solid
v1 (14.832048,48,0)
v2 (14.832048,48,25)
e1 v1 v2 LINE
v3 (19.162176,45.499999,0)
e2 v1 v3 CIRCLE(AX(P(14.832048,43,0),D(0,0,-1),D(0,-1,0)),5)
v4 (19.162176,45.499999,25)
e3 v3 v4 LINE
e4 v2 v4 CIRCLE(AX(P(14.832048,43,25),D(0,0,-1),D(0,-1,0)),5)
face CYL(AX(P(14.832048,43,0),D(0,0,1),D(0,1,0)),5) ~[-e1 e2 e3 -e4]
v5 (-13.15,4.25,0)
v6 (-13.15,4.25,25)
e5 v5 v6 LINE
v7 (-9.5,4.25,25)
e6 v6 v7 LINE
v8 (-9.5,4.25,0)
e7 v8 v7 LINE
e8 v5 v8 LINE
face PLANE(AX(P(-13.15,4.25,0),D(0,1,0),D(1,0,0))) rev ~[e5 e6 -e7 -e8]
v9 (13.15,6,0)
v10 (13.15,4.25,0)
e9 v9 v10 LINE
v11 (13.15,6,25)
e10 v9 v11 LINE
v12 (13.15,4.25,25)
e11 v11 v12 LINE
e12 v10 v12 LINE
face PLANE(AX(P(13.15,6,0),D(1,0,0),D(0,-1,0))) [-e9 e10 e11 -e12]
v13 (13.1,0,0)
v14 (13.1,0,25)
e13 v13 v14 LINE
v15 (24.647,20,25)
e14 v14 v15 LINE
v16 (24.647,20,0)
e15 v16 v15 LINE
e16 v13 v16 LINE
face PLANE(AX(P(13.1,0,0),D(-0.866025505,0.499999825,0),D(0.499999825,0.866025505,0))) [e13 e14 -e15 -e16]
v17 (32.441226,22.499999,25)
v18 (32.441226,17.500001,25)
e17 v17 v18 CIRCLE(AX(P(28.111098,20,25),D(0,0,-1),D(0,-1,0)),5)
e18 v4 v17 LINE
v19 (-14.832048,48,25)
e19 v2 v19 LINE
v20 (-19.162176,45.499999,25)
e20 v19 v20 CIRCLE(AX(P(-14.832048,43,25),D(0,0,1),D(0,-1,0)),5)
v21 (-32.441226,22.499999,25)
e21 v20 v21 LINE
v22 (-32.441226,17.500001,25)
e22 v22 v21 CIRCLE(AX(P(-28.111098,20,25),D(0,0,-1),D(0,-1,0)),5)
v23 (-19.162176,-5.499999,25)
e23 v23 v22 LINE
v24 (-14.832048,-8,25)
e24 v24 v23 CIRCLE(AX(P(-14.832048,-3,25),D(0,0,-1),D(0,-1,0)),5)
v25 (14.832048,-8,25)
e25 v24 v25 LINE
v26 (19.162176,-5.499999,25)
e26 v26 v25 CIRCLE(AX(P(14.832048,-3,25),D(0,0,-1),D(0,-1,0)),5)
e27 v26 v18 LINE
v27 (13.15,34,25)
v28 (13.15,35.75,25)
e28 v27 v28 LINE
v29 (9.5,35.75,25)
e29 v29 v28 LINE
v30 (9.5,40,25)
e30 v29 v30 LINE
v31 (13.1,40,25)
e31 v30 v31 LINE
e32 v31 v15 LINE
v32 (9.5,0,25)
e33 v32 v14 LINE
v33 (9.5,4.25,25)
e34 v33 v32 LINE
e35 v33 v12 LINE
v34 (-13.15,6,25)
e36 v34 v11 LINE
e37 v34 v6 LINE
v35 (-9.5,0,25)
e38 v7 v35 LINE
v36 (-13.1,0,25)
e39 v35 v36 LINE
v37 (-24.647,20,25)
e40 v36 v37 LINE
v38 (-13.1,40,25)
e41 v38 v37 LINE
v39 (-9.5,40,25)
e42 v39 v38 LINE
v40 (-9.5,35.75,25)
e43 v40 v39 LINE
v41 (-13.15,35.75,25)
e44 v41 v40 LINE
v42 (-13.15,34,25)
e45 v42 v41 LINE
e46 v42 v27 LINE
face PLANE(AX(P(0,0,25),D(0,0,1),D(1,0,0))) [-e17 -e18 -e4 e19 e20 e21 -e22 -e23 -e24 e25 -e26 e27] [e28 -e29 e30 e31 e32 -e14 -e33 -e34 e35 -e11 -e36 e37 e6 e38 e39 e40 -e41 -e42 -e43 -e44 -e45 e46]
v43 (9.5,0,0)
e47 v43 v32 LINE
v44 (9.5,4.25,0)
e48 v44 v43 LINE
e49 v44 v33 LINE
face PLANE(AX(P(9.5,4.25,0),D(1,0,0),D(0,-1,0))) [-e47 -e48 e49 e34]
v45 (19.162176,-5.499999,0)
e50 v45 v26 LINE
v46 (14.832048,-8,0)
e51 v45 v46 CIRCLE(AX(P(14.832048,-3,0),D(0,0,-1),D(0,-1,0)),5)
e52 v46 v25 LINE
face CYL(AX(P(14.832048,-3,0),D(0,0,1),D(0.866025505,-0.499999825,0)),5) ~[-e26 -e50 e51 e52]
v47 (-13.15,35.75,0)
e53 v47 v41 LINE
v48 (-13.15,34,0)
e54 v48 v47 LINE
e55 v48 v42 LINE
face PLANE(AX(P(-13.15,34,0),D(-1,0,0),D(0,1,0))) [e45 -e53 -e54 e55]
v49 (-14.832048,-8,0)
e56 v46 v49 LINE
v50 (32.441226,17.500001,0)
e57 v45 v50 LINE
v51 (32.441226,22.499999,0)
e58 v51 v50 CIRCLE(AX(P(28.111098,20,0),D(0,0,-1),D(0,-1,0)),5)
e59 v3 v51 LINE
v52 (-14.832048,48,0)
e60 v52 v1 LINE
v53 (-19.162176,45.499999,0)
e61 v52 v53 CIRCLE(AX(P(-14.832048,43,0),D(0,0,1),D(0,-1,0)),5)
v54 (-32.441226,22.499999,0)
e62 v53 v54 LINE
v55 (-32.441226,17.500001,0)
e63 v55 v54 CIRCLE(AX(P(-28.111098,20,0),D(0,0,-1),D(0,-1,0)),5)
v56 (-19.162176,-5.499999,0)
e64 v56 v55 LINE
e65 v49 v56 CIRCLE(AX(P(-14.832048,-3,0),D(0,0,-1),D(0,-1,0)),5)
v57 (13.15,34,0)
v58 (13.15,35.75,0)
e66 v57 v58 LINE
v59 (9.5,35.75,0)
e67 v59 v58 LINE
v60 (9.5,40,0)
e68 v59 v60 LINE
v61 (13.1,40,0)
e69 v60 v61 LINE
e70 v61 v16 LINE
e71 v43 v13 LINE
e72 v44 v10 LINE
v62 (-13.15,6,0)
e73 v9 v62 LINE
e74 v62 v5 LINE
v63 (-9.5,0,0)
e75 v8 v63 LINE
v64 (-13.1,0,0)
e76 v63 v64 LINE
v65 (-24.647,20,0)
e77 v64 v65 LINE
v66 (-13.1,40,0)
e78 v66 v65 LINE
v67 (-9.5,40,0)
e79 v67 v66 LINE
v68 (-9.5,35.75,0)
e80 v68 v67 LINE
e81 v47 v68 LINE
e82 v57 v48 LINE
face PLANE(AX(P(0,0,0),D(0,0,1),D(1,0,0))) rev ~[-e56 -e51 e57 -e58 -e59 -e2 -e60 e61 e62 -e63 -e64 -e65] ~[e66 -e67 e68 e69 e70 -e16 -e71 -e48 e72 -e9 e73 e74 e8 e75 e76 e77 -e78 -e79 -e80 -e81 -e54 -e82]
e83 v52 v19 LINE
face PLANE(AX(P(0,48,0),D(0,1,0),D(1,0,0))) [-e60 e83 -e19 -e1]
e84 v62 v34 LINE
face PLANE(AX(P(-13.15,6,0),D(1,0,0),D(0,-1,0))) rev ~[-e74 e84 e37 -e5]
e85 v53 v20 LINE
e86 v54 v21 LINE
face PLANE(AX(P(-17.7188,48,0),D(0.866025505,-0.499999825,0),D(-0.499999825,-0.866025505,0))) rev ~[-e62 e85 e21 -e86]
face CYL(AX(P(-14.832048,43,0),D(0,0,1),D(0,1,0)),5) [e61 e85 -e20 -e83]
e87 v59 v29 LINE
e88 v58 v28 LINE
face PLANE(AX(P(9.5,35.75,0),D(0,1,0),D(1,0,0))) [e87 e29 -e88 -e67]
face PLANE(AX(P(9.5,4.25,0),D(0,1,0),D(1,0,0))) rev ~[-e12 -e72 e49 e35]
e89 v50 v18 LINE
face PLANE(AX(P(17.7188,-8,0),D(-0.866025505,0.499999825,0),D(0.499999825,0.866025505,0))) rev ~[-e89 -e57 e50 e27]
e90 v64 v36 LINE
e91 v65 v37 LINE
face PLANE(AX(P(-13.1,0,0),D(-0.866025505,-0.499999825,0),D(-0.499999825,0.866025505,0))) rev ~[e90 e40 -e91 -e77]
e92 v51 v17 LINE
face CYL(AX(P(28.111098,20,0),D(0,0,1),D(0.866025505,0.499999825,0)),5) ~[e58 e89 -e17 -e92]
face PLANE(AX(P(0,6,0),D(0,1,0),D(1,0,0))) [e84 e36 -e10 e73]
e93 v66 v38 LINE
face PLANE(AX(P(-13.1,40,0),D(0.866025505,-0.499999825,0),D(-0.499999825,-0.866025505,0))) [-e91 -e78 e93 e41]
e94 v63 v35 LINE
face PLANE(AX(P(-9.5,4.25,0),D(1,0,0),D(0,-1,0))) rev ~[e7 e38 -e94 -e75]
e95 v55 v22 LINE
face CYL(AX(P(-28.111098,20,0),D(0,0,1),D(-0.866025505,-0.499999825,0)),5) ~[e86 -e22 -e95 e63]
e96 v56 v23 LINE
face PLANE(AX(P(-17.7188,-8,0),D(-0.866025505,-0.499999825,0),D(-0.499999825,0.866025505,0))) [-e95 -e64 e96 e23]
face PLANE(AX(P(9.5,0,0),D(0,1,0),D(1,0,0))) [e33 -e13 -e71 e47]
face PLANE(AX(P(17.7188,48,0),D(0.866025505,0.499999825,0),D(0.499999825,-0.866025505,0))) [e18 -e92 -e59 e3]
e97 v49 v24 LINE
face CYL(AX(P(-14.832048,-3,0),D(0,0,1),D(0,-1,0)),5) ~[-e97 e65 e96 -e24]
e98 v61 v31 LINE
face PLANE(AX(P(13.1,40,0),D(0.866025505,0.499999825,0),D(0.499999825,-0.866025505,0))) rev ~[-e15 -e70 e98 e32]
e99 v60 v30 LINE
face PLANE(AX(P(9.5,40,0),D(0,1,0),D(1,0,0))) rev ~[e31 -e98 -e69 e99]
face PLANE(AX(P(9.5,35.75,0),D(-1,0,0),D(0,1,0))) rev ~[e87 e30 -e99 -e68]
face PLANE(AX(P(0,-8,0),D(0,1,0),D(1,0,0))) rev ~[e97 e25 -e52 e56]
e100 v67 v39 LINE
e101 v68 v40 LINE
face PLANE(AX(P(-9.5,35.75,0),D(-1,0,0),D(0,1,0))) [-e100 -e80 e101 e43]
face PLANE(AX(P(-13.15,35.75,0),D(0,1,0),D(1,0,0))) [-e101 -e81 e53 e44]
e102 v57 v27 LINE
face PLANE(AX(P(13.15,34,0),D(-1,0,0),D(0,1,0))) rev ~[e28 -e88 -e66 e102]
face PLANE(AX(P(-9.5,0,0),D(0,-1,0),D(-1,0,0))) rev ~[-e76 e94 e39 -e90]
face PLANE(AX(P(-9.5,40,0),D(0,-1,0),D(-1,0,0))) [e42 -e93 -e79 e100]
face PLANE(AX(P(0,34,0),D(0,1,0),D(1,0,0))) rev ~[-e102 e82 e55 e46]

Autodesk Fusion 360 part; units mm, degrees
sketch "Sketch1" plane through (0, 0, 0) normal (0, 0, 1) x (1, 0, 0)
  line L0 (0, 0) -> (0, 40)
  line L1 (0, 40) -> (-13.1, 40)
  line L2 (0, 40) -> (13.1, 40)
  line L3 (0, 0) -> (-13.1, 0)
  line L4 (0, 0) -> (13.1, 0)
  line L5 (0, 20) -> (24.647, 20)
  line L6 (0, 20) -> (-24.647, 20)
  line L7 (13.1, 40) -> (24.647, 20)
  line L8 (-13.1, 40) -> (-24.647, 20)
  line L9 (-13.1, 0) -> (-24.647, 20)
  line L10 (13.1, 0) -> (24.647, 20)
  line L11 (0, 40) -> (0, 34)
  line L12 (0, 0) -> (0, 6)
  line L13 (0, 6) -> (13.15, 6)
  line L14 (0, 6) -> (-13.15, 6)
  line L15 (0, 34) -> (13.15, 34)
  line L16 (0, 34) -> (-13.15, 34)
  line L17 (-13.15, 34) -> (-13.15, 35.75)
  line L18 (13.15, 34) -> (13.15, 35.75)
  line L19 (-13.15, 6) -> (-13.15, 4.25)
  line L20 (13.15, 6) -> (13.15, 4.25)
  line L21 (-13.15, 4.25) -> (13.15, 4.25)
  line L22 (-13.15, 35.75) -> (13.15, 35.75)
  line L23 (0, 35.75) -> (-9.5, 35.75)
  line L24 (0, 35.75) -> (9.5, 35.75)
  line L25 (9.5, 35.75) -> (9.5, 40)
  line L26 (-9.5, 35.75) -> (-9.5, 40)
  line L27 (-9.5, 40) -> (-9.5, 0)
  line L28 (9.5, 40) -> (9.5, 0)
  line L29 (0, 48) -> (-17.7188, 48)
  line L30 (-17.7188, 48) -> (-33.8846, 20)
  line L31 (-17.7188, -8) -> (-33.8846, 20)
  line L32 (0, -8) -> (-17.7188, -8)
  line L33 (0, -8) -> (17.7188, -8)
  line L34 (17.7188, -8) -> (33.8846, 20)
  line L35 (17.7188, 48) -> (33.8846, 20)
  line L36 (0, 48) -> (17.7188, 48)
  dimension "d1" = 40
  dimension "d2" = 13.1
  dimension "d3" = 13.1
  dimension "d4" = 13.1
  dimension "d5" = 13.1
  dimension "d11" = 6
  dimension "d12" = 6
  dimension "d13" = 13.15
  dimension "d14" = 13.15
  dimension "d15" = 13.15
  dimension "d16" = 13.15
  dimension "d17" = 1.75
  dimension "d18" = 1.75
  dimension "d19" = 1.75
  dimension "d20" = 1.75
  dimension "d21" = 9.5
  dimension "d22" = 9.5
  dimension "d23" = 8
extrude "Extrude1" add sketch "Sketch1" along normal blind 25 contours L0 L12 L13 L21 L28 | L0 L12 L14 L21 L27 | L0 L4 L12 L21 L28 | L0 L3 L12 L21 L27 | L13 L20 L21 L28 | L14 L19 L21 L27 | L0 L11 L16 L22 L23 L27 | L0 L11 L15 L22 L24 L28 | L0 L1 L11 L22 L23 L26 L27 | L0 L2 L11 L22 L24 L25 L28 | L15 L18 L22 L28 | L16 L17 L22 L27 | L29 L30 L31 L32 L33 L34 L35 L36
fillet "Fillet1" radius 5 6 edges at (-33.8846, 20, 12.5) (-17.7188, -8, 12.5) (17.7188, -8, 12.5) (-17.7188, 48, 12.5) (17.7188, 48, 12.5) (33.8846, 20, 12.5)
equation "d21 = ( 19 / 2 ) * 1 mm"
equation "d22 = ( 19 / 2 ) * 1 mm"
